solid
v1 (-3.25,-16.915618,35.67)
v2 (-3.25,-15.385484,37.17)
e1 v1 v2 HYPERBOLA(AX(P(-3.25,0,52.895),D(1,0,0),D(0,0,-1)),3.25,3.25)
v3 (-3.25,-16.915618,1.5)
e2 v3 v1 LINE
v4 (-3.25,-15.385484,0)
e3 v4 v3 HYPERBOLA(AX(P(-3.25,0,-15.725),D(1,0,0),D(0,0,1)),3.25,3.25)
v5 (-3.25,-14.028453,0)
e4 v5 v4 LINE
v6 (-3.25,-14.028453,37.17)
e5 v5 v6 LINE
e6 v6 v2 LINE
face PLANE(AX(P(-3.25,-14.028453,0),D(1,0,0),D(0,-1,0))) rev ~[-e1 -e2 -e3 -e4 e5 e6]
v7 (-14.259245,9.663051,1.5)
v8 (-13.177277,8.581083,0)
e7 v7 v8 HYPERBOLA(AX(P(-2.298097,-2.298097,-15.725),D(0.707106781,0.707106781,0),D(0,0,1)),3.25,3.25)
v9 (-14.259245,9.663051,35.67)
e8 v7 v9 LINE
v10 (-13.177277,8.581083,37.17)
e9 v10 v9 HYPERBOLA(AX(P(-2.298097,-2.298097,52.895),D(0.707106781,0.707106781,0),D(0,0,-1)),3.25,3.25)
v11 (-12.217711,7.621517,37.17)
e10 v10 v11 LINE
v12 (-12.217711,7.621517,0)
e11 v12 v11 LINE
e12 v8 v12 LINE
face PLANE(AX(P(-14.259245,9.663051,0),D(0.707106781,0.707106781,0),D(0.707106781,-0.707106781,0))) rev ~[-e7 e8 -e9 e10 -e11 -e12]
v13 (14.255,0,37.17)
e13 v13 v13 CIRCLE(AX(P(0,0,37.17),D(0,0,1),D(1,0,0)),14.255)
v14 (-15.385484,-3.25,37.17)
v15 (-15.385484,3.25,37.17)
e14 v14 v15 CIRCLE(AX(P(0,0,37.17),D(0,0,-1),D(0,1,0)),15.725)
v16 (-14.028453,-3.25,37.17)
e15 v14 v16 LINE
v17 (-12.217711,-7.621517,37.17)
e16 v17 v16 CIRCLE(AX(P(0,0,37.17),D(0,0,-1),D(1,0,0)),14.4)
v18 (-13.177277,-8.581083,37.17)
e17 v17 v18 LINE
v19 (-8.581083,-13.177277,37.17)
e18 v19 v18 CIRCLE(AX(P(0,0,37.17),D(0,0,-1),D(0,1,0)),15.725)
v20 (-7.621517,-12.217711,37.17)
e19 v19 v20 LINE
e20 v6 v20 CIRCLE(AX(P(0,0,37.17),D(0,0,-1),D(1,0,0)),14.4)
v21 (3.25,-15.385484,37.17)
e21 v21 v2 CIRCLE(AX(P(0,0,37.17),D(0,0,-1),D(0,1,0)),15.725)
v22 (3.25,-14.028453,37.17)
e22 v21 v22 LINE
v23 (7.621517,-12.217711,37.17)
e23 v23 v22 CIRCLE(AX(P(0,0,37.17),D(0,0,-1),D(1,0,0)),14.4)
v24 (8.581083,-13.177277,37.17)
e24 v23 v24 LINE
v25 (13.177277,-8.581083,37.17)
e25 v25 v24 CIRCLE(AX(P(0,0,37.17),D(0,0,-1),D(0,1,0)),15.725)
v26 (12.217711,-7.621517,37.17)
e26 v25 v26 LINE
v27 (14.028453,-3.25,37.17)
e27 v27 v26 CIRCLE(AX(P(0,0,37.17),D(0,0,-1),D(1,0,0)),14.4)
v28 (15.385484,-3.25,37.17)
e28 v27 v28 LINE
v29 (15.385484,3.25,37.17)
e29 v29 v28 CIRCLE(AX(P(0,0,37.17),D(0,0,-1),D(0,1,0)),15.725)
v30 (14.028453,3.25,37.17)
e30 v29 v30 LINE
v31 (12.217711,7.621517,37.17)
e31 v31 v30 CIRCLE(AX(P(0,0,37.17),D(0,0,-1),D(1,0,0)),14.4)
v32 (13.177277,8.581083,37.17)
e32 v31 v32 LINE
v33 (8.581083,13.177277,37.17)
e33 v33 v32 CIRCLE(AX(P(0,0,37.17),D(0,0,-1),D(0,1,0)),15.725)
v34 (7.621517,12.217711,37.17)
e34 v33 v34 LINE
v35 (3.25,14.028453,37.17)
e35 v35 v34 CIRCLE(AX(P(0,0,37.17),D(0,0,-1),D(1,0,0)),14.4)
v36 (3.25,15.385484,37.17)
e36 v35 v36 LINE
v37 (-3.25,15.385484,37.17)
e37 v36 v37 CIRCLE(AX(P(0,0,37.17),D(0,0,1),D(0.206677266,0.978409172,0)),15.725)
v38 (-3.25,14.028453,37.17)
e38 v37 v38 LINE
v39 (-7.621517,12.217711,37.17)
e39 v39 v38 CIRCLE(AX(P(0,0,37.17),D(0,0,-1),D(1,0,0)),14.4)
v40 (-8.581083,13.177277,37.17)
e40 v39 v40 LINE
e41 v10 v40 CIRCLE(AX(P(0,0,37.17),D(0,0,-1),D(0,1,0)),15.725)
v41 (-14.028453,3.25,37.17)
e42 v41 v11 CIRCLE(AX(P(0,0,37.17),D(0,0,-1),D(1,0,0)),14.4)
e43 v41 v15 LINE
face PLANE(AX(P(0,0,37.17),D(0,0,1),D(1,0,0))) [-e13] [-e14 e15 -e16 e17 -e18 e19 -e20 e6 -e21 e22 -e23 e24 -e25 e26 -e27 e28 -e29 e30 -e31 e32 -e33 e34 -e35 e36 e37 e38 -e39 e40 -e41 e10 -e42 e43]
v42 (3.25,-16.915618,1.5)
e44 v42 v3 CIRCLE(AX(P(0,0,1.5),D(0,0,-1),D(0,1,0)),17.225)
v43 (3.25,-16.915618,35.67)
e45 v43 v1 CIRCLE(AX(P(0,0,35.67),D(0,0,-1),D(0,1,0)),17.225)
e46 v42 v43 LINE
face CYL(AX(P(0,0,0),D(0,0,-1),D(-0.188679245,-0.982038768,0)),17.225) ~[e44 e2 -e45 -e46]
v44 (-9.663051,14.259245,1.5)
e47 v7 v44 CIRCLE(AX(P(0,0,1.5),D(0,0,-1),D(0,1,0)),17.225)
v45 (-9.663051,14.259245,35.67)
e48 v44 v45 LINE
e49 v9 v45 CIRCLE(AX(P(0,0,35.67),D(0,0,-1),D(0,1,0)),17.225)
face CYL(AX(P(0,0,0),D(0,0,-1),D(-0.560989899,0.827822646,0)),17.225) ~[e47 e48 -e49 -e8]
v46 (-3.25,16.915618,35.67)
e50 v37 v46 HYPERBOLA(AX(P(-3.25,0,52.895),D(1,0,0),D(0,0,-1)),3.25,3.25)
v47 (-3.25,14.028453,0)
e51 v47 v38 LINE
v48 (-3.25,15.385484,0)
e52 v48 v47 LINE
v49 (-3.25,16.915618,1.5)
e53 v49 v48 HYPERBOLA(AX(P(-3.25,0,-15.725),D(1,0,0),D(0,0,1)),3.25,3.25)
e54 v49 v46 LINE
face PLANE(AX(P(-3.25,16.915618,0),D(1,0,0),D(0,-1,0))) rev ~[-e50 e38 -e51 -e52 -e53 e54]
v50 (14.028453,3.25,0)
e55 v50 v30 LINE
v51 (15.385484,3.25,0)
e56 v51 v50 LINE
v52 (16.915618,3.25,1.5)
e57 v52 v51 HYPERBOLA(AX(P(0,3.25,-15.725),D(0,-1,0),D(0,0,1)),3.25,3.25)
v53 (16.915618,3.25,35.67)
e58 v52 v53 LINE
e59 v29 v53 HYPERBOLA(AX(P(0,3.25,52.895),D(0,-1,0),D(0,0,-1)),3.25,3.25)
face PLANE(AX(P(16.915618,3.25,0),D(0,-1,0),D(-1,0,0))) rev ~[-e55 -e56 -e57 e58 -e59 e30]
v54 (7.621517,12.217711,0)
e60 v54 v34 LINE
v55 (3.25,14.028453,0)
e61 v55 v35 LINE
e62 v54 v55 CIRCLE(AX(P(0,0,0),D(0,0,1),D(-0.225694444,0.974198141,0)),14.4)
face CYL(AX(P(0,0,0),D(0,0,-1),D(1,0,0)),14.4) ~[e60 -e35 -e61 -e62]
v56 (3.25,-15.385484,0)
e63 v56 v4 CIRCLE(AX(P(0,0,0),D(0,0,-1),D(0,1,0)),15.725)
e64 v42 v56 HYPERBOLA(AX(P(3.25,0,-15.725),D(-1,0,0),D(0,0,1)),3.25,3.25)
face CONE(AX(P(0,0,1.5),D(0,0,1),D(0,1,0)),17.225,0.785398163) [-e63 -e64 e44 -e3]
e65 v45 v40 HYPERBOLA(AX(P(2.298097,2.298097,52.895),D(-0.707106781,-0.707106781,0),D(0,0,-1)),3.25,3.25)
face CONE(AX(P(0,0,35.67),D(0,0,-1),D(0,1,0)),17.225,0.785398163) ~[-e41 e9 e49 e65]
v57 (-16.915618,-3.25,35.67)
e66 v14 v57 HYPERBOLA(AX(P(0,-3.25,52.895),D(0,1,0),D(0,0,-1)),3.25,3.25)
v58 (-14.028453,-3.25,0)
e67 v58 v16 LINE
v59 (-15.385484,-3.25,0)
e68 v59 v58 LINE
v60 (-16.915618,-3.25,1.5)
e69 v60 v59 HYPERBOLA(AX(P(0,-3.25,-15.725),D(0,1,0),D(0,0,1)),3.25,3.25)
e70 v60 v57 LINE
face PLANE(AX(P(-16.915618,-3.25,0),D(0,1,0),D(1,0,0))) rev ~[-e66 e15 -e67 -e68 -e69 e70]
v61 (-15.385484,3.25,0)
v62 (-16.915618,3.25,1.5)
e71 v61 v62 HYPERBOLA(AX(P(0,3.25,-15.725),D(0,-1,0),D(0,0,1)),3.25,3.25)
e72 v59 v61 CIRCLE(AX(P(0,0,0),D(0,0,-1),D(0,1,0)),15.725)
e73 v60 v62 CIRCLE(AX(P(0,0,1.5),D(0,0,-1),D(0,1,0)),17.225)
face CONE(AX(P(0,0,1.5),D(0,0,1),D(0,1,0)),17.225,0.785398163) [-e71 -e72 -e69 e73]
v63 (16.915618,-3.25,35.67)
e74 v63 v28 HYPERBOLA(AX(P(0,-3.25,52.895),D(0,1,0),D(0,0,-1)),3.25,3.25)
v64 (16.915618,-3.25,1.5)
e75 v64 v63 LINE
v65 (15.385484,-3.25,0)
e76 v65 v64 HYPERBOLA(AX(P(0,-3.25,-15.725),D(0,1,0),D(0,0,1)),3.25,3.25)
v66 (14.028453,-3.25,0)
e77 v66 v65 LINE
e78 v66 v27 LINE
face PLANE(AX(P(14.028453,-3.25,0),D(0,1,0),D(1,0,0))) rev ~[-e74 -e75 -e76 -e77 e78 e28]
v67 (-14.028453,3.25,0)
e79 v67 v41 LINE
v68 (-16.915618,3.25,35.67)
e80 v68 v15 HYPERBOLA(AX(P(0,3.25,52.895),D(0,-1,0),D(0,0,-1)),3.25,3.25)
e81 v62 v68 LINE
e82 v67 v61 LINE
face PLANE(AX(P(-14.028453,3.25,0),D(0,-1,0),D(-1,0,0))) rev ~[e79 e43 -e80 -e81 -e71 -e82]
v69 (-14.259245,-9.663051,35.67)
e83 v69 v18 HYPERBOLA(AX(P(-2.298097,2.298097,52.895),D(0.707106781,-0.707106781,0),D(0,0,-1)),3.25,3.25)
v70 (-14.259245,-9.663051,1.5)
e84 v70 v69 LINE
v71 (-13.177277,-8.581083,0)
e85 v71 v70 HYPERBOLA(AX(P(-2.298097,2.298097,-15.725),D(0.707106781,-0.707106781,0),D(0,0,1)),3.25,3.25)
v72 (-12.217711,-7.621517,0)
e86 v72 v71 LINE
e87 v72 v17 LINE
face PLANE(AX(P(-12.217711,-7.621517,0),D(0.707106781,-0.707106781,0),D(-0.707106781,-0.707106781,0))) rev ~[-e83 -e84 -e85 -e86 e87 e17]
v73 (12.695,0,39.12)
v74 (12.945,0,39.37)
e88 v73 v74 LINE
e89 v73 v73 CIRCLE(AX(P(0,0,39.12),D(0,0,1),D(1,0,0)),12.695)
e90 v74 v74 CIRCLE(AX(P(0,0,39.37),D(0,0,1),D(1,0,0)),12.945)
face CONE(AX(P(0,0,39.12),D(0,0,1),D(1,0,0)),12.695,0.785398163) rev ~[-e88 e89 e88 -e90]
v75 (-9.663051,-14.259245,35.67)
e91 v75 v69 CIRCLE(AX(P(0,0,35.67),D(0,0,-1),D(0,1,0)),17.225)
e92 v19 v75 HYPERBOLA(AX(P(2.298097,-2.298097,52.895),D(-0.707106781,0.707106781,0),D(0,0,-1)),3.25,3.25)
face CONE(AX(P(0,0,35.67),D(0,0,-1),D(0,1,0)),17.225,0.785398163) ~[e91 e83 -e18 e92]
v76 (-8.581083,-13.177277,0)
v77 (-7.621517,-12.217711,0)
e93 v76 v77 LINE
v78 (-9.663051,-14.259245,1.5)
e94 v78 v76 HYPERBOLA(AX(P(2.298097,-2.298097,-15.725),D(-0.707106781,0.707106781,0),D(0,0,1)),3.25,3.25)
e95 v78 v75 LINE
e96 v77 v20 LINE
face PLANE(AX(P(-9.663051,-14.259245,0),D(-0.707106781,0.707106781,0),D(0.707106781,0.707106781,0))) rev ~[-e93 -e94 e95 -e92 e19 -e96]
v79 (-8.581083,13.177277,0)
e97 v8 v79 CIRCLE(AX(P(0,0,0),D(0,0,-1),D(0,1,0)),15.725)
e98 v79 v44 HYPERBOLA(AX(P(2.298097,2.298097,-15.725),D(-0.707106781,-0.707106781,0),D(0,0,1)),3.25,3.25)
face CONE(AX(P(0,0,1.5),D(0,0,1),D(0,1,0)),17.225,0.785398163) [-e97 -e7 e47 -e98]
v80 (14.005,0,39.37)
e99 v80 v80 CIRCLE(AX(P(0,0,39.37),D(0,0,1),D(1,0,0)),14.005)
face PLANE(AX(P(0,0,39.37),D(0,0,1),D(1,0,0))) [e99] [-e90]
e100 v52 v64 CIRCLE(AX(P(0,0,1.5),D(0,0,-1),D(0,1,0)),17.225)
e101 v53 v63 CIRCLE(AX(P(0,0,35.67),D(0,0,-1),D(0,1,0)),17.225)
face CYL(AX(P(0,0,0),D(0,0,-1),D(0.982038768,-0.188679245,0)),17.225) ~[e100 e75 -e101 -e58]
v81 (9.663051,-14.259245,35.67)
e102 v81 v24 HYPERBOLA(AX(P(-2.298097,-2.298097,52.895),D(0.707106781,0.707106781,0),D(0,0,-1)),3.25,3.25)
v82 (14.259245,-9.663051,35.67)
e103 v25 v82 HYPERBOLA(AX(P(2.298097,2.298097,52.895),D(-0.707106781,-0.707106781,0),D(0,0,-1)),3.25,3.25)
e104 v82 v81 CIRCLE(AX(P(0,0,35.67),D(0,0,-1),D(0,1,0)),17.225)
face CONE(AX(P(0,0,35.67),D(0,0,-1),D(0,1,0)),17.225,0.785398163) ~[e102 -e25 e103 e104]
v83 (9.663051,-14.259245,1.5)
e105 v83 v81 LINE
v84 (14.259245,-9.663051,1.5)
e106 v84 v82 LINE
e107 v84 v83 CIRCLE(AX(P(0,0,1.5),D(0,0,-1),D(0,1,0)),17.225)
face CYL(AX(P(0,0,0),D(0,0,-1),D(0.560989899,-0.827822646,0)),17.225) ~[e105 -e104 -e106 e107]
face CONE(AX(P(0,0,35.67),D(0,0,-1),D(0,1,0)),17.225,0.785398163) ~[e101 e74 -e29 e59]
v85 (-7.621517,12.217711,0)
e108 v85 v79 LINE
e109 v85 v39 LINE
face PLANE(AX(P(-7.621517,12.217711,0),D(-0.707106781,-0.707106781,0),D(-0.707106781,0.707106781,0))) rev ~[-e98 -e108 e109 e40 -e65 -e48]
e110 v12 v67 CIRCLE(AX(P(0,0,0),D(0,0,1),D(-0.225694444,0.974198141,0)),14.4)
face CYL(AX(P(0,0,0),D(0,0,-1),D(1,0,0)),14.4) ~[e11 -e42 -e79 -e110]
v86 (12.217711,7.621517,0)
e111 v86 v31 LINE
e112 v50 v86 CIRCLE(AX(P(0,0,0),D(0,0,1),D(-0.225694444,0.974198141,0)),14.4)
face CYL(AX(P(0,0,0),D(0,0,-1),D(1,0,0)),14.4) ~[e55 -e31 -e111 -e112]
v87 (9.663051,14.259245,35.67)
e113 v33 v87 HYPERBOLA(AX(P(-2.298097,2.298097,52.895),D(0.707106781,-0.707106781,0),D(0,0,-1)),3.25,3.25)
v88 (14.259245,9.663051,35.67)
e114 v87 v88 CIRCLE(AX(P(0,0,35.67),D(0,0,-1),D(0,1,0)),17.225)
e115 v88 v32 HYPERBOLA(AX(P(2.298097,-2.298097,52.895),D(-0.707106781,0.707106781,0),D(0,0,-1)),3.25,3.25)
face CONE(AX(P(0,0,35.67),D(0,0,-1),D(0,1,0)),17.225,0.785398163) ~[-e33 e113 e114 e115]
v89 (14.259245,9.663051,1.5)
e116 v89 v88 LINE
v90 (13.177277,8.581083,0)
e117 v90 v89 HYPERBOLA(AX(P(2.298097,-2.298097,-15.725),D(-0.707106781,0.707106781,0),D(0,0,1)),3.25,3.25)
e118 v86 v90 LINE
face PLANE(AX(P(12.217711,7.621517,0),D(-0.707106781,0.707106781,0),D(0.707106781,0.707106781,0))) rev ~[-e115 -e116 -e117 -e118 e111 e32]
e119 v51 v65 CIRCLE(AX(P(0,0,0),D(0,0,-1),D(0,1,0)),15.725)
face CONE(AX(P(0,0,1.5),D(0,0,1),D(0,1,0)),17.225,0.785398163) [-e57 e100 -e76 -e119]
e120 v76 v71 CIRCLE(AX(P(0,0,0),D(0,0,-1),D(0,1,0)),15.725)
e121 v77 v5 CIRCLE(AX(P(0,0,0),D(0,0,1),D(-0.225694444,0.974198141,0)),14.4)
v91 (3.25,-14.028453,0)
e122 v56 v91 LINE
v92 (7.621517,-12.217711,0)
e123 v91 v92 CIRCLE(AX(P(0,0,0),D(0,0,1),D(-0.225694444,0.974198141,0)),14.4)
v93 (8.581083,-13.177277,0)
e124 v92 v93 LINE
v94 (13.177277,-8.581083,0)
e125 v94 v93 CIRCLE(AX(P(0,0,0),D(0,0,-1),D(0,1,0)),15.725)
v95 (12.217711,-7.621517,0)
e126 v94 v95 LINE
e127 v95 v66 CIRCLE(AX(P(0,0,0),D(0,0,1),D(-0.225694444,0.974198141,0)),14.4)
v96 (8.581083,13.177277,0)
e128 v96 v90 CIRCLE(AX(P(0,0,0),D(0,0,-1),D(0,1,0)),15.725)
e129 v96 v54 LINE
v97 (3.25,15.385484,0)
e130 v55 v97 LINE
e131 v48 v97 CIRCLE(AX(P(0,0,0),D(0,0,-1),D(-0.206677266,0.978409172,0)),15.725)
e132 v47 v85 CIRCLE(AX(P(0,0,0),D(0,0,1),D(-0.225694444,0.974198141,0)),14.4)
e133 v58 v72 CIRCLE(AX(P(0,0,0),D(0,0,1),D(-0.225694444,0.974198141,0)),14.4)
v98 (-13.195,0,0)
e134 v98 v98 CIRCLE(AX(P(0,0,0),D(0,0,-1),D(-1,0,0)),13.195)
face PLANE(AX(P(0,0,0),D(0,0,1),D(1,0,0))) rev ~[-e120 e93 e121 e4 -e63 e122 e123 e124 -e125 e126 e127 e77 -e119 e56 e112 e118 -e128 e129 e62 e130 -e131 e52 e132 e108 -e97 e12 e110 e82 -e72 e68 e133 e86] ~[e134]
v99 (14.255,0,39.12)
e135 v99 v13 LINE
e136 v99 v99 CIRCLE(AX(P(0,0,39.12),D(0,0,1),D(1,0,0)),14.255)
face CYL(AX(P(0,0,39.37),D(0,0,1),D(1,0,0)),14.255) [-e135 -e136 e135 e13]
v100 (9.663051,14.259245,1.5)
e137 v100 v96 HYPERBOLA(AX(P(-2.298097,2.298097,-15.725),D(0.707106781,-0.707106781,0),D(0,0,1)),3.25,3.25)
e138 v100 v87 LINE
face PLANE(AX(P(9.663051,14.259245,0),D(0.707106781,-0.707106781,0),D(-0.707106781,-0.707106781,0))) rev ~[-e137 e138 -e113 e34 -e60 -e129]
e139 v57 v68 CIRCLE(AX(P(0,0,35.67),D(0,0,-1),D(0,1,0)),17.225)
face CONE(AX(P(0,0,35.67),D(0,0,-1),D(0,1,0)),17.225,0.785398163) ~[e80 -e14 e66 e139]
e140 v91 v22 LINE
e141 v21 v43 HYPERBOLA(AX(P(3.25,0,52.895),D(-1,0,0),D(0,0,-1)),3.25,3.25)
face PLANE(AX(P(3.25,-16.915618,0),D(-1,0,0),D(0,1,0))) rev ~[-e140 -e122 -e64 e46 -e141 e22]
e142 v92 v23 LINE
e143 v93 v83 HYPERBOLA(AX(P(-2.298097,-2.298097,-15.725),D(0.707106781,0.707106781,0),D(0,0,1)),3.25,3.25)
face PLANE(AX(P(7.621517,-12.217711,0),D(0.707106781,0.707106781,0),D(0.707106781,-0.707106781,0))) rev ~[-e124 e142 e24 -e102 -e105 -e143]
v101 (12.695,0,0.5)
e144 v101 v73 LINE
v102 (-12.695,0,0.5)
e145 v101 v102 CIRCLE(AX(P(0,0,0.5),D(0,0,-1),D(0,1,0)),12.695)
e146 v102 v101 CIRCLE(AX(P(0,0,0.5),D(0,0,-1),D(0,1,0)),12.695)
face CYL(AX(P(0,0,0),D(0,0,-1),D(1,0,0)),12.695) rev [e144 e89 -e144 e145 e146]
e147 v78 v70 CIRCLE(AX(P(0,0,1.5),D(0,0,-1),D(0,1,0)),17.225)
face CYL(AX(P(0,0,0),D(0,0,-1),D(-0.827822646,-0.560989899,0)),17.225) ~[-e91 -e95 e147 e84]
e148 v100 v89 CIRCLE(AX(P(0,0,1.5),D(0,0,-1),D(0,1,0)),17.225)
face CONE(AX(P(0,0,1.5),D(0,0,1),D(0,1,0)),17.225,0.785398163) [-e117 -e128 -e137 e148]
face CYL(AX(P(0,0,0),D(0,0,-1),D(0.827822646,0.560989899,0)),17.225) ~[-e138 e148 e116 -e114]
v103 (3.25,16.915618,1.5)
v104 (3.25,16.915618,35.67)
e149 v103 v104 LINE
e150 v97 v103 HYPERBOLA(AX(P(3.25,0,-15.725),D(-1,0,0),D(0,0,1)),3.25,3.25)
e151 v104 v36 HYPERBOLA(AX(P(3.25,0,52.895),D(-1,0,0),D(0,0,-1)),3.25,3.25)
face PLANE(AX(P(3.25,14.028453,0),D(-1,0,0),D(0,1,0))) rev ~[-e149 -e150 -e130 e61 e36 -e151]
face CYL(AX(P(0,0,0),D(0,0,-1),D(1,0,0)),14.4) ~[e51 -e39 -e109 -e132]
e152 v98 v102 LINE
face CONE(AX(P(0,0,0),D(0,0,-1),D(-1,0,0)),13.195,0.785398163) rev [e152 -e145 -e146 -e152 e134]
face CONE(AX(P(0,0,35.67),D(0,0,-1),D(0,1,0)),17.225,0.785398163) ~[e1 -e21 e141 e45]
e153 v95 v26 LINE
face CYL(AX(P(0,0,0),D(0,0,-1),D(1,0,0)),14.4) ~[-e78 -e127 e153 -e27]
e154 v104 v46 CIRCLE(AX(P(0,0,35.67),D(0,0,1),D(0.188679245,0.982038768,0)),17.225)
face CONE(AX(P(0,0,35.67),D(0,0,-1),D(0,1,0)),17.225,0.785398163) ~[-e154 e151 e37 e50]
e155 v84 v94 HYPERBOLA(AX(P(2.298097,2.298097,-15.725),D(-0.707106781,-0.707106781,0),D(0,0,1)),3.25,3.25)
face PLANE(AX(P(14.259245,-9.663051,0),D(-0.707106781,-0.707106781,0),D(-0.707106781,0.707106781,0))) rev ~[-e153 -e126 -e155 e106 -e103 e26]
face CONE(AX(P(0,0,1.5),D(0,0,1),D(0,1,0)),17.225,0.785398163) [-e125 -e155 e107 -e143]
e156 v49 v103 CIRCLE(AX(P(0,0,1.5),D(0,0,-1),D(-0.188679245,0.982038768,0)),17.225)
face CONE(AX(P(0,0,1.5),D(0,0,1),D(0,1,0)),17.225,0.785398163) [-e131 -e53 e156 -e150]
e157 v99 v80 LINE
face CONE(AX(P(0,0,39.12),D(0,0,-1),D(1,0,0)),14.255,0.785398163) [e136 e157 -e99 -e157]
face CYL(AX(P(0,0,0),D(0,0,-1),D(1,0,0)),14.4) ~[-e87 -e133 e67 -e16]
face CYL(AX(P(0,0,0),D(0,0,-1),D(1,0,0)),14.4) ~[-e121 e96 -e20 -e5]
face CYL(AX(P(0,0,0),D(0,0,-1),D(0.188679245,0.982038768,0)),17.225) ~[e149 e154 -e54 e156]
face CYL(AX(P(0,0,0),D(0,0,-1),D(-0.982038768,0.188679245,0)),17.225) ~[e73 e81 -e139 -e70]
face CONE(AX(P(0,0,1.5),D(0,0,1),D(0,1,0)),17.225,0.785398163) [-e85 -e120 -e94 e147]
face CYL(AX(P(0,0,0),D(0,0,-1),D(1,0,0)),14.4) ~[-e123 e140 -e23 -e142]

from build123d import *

# Parameters (mm, degrees)
SKETCH1_R           = 14.4
SKETCH1_R_2         = 12.695
BOSS_EXTRUDE1_DEPTH = 39.37
BOSS_EXTRUDE2_START = -39.37
BOSS_EXTRUDE2_DEPTH = 39.37
CIRPATTERN1_COUNT   = 8
SKETCH3_OUTSIDE_W   = 48.978
SKETCH3_OUTSIDE_H   = 48.978
SKETCH3_OUTSIDE_R   = 14.255
CUT_EXTRUDE1_DEPTH  = 2.2
CHAMFER2_SIZE       = 0.25


with BuildPart() as part:
    # Sketch1 → Boss-Extrude1 (new body)
    with BuildSketch(Plane.XY):
        Circle(SKETCH1_R)
        Circle(SKETCH1_R_2, mode=Mode.SUBTRACT)
    extrude(amount=BOSS_EXTRUDE1_DEPTH)

    # Sketch2 → Boss-Extrude2 (add)
    with BuildSketch(Plane.XY.offset(39.37).offset(BOSS_EXTRUDE2_START)):
        with BuildLine():
            Line((-3.25, 16.915617784), (-3.25, 14.028453229))
            ThreePointArc((-3.25, 14.028453229), (0, 14.4), (3.25, 14.028453229))
            Line((3.25, 14.028453229), (3.25, 16.915617784))
            ThreePointArc((3.25, 16.915617784), (0, 17.225), (-3.25, 16.915617784))
        make_face()
    boss_extrude2 = extrude(amount=BOSS_EXTRUDE2_DEPTH)

    # CirPattern1: Boss-Extrude2 ×8 about axis
    cirpattern1_axis = Axis((0, 0, 0), (0, 0, 1))
    for i in range(1, CIRPATTERN1_COUNT):
        add(boss_extrude2.rotate(cirpattern1_axis, i * 360 / CIRPATTERN1_COUNT))

    # Sketch3 outside → Cut-Extrude1 (cut)
    with BuildSketch(Plane.XY.offset(39.37)):
        Rectangle(SKETCH3_OUTSIDE_W, SKETCH3_OUTSIDE_H)
        Circle(SKETCH3_OUTSIDE_R, mode=Mode.SUBTRACT)
    extrude(amount=-CUT_EXTRUDE1_DEPTH, mode=Mode.SUBTRACT)

    # Sketch5 → Cut-Revolve1 (revolve, cut)
    with BuildSketch(Plane(origin=(0, 0, 0), x_dir=(0, 0, -1), z_dir=(1, 0, 0))):
        Polygon((-35.67, 17.225), (-37.17, 15.725), (-37.17, 17.225), align=None)
        Polygon((0, 17.225), (-1.5, 17.225), (0, 15.725), align=None)
    revolve(axis=Axis((0, 0, 0), (0, 0, -1)), mode=Mode.SUBTRACT)

    # Sketch8 → Cut-Revolve2 (revolve, cut)
    with BuildSketch(Plane(origin=(0, 0, 0), x_dir=(1, 0, 0), z_dir=(0, 1, 0))):
        Polygon((-8.195, -5), (-8.195, 0), (-12.695, 0), (-12.695, -0.5), align=None)
        Polygon((-12.695, -0.5), (-12.695, 0), (-13.195, 0), align=None)
    revolve(axis=Axis((0, 0, 0), (0, 0, -1)), mode=Mode.SUBTRACT)

    # Chamfer2
    chamfer2_edges = [part.edges().sort_by_distance(p)[0] for p in [
        (-14.255, 0, 39.37),
        (-12.695, 0, 39.37),
    ]]
    chamfer(chamfer2_edges, length=CHAMFER2_SIZE)


solid = part.part
